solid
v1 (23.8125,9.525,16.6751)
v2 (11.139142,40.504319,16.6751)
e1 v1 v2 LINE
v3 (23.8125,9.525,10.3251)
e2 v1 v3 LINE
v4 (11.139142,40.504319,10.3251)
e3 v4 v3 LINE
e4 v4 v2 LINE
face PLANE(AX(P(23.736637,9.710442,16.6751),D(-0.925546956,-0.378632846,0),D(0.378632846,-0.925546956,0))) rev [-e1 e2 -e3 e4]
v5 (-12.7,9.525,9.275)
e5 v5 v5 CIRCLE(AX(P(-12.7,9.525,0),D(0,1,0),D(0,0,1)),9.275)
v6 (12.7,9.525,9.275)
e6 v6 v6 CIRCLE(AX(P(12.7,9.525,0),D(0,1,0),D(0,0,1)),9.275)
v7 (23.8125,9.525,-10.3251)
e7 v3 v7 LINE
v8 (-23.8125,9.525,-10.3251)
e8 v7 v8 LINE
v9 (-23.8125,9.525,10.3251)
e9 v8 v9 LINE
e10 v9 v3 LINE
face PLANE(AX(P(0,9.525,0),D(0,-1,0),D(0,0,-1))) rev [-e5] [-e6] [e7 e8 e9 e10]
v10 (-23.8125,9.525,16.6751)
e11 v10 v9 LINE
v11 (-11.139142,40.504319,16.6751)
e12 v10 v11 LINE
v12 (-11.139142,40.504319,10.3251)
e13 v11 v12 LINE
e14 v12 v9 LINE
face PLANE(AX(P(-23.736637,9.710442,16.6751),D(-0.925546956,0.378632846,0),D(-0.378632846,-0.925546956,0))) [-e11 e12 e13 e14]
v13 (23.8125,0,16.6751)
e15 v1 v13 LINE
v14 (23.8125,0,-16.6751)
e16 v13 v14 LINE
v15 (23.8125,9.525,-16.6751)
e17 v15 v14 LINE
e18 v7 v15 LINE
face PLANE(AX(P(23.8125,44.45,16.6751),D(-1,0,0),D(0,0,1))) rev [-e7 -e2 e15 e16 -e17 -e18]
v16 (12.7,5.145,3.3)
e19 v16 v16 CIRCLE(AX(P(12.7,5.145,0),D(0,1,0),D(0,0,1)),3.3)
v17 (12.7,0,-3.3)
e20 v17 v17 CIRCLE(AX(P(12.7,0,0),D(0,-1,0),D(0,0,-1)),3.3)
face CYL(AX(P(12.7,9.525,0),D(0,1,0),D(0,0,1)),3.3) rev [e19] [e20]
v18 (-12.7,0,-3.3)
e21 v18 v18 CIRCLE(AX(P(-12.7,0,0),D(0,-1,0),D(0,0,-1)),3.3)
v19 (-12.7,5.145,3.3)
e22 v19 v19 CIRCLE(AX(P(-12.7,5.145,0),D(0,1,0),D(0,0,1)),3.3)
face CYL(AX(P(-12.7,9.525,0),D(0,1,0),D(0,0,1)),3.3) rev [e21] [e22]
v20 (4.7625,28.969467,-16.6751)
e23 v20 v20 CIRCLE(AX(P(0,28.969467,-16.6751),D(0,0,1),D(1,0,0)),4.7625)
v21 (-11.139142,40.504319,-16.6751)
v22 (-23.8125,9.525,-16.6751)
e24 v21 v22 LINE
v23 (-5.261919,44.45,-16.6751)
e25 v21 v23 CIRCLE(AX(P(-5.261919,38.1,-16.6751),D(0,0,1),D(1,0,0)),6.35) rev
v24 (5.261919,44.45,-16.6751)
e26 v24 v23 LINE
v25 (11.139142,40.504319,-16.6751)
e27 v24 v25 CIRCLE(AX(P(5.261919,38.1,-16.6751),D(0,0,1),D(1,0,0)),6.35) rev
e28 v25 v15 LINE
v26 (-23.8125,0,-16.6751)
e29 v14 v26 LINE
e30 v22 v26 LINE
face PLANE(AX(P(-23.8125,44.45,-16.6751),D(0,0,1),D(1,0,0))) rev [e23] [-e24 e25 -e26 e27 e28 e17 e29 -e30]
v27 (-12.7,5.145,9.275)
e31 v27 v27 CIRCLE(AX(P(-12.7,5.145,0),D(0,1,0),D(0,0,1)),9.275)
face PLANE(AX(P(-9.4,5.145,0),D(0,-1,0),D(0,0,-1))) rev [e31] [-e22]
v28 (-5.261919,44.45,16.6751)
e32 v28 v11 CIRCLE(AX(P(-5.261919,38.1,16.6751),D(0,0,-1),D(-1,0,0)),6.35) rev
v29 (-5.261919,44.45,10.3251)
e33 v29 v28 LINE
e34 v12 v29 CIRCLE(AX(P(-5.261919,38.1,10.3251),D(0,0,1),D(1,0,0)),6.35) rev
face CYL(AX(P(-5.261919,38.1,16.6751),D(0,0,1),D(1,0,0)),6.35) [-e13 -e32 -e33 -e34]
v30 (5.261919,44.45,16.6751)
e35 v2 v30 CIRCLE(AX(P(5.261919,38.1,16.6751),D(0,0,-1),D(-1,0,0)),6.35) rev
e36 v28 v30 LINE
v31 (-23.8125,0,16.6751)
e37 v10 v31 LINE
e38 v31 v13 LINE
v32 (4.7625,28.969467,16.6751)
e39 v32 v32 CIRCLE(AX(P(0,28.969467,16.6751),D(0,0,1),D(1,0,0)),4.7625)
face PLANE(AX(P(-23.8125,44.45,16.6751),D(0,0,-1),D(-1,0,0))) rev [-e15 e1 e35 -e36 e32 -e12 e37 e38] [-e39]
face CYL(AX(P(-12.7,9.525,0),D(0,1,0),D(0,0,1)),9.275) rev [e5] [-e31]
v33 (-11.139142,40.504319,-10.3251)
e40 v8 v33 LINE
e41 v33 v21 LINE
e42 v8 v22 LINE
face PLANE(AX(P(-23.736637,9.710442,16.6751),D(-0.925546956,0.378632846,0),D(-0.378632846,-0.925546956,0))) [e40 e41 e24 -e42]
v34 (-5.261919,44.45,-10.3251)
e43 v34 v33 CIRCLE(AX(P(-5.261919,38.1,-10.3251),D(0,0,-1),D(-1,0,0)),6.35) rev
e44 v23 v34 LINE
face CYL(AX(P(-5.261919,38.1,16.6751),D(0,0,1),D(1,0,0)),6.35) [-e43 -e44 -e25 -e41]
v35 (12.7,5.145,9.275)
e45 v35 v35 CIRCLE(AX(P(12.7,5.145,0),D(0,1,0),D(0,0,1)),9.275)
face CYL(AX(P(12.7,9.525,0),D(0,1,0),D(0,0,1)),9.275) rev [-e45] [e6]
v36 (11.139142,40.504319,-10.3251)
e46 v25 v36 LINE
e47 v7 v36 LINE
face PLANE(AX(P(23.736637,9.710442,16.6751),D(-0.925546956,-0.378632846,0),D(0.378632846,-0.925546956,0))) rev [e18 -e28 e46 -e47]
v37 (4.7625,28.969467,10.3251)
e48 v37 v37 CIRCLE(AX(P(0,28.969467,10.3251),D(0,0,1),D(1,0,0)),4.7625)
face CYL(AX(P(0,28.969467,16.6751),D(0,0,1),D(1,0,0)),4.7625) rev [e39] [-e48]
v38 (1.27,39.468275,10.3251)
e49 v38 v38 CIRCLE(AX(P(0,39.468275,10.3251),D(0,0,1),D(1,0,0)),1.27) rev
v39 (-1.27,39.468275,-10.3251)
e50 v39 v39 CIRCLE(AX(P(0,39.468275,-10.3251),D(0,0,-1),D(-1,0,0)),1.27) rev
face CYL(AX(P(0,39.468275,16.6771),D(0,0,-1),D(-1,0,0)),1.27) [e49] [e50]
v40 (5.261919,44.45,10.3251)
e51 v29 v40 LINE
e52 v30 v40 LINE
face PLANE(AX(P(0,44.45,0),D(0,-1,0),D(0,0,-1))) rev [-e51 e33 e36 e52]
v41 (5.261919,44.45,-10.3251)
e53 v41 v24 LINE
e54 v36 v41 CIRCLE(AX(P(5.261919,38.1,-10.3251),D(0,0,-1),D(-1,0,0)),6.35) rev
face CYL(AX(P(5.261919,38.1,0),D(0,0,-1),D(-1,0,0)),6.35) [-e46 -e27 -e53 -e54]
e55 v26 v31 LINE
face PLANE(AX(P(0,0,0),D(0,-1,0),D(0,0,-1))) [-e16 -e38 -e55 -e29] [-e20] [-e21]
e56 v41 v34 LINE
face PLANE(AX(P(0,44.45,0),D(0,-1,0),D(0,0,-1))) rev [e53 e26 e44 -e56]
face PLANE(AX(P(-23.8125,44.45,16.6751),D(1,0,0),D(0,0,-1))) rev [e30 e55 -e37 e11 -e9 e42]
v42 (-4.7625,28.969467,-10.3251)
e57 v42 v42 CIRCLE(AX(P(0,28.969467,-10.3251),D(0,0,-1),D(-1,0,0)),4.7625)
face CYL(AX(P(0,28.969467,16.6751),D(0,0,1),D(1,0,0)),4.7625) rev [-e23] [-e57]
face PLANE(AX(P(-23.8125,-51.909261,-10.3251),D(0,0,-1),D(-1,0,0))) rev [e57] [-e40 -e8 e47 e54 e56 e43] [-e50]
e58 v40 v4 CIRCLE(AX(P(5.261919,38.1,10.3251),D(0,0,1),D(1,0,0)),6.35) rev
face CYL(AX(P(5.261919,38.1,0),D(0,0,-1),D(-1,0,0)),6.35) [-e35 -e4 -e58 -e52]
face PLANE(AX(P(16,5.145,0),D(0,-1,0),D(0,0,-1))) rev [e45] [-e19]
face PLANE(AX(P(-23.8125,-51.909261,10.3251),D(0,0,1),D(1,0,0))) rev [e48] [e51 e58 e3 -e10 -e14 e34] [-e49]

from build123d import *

# Parameters (mm, degrees)
SKETCH1_W                               = 47.625
SKETCH1_H                               = 33.3502
BOSS_EXTRUDE1_DEPTH                     = 44.45
SKETCH2_W                               = 47.625
SKETCH2_H                               = 20.6502
CUT_EXTRUDE1_DEPTH                      = 34.925
CUT_EXTRUDE2_DEPTH                      = 61.457203841
CUT_EXTRUDE2_DEPTH_BACK                 = 61.457203841
CBORE_FOR_M6_HEX_HEAD_BOLT1_D           = 6.6
CBORE_FOR_M6_HEX_HEAD_BOLT1_DEPTH       = 14.019159957
CBORE_FOR_M6_HEX_HEAD_BOLT1_CBORE_D     = 18.55
CBORE_FOR_M6_HEX_HEAD_BOLT1_CBORE_DEPTH = 4.38
CBORE_FOR_M6_HEX_HEAD_BOLT1_TIP         = 1.982840043
FILLET3_R                               = 6.35
F_3_8_0_375_DIAMETER_HOLE1_D            = 9.525
BOSS_EXTRUDE2_REACH                     = 59.2
SKETCH15_R                              = 1.27


with BuildPart() as part:
    # Sketch1 → Boss-Extrude1 (new body)
    with BuildSketch(Plane(origin=(0, 0, 0), x_dir=(1, 0, 0), z_dir=(0, 1, 0))):
        Rectangle(SKETCH1_W, SKETCH1_H)
    extrude(amount=BOSS_EXTRUDE1_DEPTH)

    # Sketch2 → Cut-Extrude1 (cut)
    with BuildSketch(Plane(origin=(0, 44.45, 0), x_dir=(1, 0, 0), z_dir=(0, 1, 0))):
        Rectangle(SKETCH2_W, SKETCH2_H)
    extrude(amount=-CUT_EXTRUDE1_DEPTH, mode=Mode.SUBTRACT)

    # Sketch3 → Cut-Extrude2 (cut, two sides: drawn at the far end of the back side and taken through both)
    with BuildSketch(Plane(origin=(0, 0, -16.6751), x_dir=(-1, 0, 0), z_dir=(0, 0, -1)).offset(-CUT_EXTRUDE2_DEPTH_BACK)):
        Polygon((23.8125, 44.45), (9.525, 44.45), (23.8125, 9.525), align=None)
        Polygon((-23.8125, 9.525), (-9.525, 44.45), (-23.8125, 44.45), align=None)
    extrude(amount=CUT_EXTRUDE2_DEPTH + CUT_EXTRUDE2_DEPTH_BACK, mode=Mode.SUBTRACT)

    # CBORE for M6 Hex Head Bolt1
    with Locations(Plane(origin=(0, 9.525, 0), x_dir=(1, 0, 0), z_dir=(0, 1, 0))):
        with Locations((-12.7, 0), (12.7, 0)):
            CounterBoreHole(CBORE_FOR_M6_HEX_HEAD_BOLT1_D / 2, CBORE_FOR_M6_HEX_HEAD_BOLT1_CBORE_D / 2, CBORE_FOR_M6_HEX_HEAD_BOLT1_CBORE_DEPTH, depth=CBORE_FOR_M6_HEX_HEAD_BOLT1_DEPTH)
            with Locations((0, 0, -(CBORE_FOR_M6_HEX_HEAD_BOLT1_DEPTH + CBORE_FOR_M6_HEX_HEAD_BOLT1_TIP / 2))):  # 118° drill point
                Cone(0, CBORE_FOR_M6_HEX_HEAD_BOLT1_D / 2, CBORE_FOR_M6_HEX_HEAD_BOLT1_TIP, mode=Mode.SUBTRACT)

    # Fillet3
    fillet3_edges = [part.edges().sort_by_distance(p)[0] for p in [
        (9.525, 44.45, 13.5001),
        (-9.525, 44.45, 13.5001),
        (9.525, 44.45, -13.5001),
        (-9.525, 44.45, -13.5001),
    ]]
    fillet(fillet3_edges, radius=FILLET3_R)

    # 3/8 (0.375) Diameter Hole1 (through all)
    with Locations(Plane.XY.offset(16.6751)):
        with Locations((0, 28.969467427)):
            Hole(F_3_8_0_375_DIAMETER_HOLE1_D / 2)

    # Sketch15 → Boss-Extrude2 (add, up to next)
    with BuildSketch(Plane.XY.offset(-10.3251), mode=Mode.PRIVATE) as boss_extrude2_sk1:
        with Locations(Location((0, 39.468275157, 0), (0, 0, 180))):
            Circle(SKETCH15_R)
    boss_extrude2_tool1 = extrude(boss_extrude2_sk1.sketch, amount=BOSS_EXTRUDE2_REACH, mode=Mode.PRIVATE) - part.part
    add(boss_extrude2_tool1.solids().sort_by_distance((0, 39.468275, -10.3251))[0])


solid = part.part
